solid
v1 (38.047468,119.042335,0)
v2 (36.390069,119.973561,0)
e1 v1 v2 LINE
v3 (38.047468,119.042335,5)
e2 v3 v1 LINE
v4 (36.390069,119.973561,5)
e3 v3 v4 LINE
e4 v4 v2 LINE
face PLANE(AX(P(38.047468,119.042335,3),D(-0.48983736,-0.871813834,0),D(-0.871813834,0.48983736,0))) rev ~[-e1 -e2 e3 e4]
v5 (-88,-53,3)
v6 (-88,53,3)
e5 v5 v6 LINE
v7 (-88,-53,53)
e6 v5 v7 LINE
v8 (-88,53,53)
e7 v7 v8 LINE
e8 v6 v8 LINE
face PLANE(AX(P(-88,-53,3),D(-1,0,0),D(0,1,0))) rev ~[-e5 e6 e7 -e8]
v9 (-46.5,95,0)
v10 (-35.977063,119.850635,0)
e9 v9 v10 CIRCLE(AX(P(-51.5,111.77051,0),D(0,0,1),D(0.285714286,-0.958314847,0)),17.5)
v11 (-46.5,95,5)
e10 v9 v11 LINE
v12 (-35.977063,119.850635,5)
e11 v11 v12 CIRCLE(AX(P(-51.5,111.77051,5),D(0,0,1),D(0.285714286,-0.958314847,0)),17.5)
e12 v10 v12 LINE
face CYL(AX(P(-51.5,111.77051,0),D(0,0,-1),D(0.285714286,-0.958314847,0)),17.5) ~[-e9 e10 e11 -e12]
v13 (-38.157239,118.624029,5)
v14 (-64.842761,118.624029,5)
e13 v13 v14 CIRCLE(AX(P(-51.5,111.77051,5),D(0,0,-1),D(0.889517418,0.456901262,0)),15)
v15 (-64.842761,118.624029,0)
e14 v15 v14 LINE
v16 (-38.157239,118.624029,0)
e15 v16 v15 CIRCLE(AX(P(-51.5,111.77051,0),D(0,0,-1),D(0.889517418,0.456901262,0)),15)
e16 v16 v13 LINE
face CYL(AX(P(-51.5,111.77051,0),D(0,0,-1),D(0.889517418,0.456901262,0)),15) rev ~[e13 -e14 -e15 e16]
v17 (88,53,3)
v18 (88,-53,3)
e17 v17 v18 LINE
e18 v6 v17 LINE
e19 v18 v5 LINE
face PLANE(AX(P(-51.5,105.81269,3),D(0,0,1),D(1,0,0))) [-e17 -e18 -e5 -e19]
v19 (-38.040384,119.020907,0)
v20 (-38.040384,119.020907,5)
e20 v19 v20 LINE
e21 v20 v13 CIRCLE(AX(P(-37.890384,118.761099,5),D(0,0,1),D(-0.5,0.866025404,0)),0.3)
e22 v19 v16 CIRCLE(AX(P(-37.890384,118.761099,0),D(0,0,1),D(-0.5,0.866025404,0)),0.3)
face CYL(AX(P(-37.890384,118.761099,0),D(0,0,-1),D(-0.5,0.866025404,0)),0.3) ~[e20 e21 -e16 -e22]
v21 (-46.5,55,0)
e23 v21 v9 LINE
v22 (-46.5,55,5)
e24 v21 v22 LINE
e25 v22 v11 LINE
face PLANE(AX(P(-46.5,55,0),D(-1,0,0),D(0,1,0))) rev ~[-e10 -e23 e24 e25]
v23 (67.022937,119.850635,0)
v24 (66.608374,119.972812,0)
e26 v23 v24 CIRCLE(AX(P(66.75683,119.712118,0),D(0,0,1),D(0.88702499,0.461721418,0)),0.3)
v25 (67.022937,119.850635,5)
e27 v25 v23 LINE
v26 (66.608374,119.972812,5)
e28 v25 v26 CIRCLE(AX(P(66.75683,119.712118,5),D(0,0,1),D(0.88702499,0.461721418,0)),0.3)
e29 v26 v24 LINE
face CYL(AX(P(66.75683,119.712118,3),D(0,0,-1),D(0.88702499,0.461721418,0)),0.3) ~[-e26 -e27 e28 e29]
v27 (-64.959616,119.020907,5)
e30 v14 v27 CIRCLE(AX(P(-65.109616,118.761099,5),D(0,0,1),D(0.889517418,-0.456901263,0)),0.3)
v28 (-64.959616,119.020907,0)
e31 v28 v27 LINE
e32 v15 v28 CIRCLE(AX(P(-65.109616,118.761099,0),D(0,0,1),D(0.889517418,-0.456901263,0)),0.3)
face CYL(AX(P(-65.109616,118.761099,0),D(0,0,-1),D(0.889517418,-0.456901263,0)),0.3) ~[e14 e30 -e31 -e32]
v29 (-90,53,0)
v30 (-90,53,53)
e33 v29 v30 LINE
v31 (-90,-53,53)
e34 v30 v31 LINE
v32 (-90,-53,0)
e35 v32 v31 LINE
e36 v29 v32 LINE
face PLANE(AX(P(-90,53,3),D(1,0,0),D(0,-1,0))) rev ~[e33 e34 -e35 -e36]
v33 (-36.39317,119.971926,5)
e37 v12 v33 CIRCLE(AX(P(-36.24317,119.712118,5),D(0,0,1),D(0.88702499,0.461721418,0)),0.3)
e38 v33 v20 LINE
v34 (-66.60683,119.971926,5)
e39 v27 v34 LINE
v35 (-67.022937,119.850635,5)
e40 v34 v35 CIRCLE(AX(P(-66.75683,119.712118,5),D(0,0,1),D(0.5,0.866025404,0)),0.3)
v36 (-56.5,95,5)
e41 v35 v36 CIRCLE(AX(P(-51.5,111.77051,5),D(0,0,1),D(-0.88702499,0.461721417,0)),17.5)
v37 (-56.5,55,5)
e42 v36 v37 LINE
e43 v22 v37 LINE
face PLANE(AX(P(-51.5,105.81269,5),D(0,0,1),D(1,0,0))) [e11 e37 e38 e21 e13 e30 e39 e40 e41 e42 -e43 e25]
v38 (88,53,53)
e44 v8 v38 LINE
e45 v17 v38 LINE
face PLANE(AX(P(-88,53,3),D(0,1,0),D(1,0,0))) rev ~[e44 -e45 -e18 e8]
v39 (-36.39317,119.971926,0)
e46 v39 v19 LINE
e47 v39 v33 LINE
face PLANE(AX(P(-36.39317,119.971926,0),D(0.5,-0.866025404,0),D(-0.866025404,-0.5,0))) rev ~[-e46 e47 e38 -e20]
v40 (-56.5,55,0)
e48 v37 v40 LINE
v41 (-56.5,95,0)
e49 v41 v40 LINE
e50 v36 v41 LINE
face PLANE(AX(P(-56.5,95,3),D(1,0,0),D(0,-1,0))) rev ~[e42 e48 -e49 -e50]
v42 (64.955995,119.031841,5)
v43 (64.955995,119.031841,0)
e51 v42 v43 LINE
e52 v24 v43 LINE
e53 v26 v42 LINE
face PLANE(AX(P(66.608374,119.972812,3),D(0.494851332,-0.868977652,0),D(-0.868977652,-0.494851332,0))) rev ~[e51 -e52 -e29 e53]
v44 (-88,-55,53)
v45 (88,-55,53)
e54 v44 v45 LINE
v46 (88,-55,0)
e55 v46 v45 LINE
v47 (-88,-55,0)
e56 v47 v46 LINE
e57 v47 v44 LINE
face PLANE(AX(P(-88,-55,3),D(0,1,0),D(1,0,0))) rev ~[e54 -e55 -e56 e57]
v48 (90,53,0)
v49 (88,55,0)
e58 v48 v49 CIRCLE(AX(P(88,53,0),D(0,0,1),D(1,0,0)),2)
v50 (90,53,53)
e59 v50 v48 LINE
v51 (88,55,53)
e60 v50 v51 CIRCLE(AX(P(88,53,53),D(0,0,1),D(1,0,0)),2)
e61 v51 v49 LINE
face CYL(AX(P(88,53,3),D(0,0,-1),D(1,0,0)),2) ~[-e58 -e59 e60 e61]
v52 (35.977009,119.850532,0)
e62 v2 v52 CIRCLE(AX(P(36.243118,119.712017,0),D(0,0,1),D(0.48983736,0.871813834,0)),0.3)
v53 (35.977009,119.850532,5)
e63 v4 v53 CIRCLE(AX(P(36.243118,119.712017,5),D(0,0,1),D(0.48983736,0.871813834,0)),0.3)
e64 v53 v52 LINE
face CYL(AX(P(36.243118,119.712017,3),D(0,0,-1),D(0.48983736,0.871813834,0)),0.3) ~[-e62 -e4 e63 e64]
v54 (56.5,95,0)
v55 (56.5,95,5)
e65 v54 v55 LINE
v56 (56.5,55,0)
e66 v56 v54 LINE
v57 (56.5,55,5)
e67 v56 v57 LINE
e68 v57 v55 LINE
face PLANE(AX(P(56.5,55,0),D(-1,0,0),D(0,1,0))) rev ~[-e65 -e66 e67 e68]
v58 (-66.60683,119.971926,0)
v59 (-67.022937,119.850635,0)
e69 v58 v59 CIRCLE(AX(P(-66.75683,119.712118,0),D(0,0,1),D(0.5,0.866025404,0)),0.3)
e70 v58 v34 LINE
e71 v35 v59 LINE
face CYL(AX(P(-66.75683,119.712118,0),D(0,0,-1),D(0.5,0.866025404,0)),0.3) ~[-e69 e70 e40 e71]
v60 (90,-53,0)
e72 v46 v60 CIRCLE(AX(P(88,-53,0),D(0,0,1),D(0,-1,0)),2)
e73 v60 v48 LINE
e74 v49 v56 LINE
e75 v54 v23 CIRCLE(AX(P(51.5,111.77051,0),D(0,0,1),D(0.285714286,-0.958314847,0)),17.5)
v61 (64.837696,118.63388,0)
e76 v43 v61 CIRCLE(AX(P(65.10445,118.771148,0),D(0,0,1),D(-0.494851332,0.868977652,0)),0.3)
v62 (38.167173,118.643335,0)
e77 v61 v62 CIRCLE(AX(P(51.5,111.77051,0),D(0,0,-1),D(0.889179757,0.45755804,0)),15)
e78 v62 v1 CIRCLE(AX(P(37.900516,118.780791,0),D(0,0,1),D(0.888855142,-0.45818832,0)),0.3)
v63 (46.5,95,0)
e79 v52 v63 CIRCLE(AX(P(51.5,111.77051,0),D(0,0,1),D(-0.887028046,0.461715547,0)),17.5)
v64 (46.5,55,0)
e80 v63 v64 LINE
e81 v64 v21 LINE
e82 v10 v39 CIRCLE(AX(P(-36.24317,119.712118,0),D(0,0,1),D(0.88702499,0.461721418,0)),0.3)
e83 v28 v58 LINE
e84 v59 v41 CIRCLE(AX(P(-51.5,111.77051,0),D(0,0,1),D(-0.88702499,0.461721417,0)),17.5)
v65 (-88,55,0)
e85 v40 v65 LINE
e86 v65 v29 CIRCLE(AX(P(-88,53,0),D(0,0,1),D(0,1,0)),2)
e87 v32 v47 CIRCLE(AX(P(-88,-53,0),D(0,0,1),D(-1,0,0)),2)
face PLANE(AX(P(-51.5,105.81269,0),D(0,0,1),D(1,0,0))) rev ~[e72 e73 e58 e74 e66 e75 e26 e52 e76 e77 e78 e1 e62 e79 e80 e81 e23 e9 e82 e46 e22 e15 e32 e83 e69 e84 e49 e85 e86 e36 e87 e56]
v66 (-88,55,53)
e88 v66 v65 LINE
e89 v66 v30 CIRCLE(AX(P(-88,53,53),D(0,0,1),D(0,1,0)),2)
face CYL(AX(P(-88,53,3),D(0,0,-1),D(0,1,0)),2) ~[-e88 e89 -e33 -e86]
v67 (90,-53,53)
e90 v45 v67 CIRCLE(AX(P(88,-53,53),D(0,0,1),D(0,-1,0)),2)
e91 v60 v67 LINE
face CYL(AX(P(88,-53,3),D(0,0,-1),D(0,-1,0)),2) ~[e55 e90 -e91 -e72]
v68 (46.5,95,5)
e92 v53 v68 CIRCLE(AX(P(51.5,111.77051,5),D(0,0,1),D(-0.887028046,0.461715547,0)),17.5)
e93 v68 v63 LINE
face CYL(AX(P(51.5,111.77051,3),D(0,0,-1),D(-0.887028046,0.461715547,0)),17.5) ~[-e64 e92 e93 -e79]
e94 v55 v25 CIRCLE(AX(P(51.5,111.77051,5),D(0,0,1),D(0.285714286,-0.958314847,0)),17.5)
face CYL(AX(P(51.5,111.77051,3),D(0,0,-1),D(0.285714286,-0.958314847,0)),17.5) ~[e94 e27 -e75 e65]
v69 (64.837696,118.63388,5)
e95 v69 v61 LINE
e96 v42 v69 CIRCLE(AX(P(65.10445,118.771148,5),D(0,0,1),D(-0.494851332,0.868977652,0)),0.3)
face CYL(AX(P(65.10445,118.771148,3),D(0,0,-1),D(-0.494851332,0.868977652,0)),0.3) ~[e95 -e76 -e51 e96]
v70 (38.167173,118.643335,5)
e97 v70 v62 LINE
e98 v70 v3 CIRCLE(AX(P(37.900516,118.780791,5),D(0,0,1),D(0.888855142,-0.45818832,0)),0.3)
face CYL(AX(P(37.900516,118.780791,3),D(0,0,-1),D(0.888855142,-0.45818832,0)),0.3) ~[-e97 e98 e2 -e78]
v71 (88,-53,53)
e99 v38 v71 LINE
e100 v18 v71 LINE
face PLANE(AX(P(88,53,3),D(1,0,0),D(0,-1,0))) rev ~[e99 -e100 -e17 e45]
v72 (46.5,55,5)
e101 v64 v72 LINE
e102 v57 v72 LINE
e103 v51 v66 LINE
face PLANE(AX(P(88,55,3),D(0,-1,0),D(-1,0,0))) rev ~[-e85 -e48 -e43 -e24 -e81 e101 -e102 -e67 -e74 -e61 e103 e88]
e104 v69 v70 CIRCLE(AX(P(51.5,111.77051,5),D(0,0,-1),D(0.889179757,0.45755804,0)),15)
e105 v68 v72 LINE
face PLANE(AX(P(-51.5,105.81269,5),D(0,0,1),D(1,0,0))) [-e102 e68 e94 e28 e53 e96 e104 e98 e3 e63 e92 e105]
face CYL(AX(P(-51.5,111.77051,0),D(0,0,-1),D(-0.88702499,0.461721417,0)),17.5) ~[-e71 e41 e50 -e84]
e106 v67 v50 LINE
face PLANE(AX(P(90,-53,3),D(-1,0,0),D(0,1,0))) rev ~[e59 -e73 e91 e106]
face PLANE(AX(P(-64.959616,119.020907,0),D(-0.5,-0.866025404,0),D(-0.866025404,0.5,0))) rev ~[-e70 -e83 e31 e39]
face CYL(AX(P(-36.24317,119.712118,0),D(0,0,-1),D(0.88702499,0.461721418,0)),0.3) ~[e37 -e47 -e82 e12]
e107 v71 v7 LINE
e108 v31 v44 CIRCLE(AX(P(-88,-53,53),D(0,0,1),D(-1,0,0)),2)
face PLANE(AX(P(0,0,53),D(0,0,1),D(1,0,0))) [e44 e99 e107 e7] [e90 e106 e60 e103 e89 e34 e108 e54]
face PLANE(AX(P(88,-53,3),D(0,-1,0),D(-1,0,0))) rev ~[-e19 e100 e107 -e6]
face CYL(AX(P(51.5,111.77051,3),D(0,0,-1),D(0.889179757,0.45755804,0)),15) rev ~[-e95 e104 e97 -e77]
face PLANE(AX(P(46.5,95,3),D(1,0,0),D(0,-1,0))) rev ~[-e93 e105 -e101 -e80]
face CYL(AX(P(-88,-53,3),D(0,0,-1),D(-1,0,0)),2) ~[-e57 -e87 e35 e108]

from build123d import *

# Parameters (mm, degrees)
F1_DEPTH      = 3
F3_DEPTH      = 50
F4_DEPTH      = 2
F5_R          = 65
F6_DEPTH      = 120.0131182079
F6_DEPTH_BACK = 70


with BuildPart() as f1:
    # F0 (on Top) → F1 (new body)
    with BuildSketch(Plane.XY):
        with BuildLine():
            ThreePointArc((-67.0229373247, 119.8506346331), (-67.6147835705, 104.9467461722), (-56.5, 95))
            ThreePointArc((-56.5, 95), (-51.5, 94.2705098312), (-46.5, 95))
            ThreePointArc((-46.5, 95), (-35.3852164295, 104.9467461722), (-35.9770626753, 119.8506346331))
            ThreePointArc((-35.9770626753, 119.8506346331), (-36.1592170528, 120.0001318772), (-36.3931701723, 119.971925829))
            Line((-36.3931701723, 119.971925829), (-38.0403835084, 119.020906766))
            ThreePointArc((-38.0403835084, 119.020906766), (-38.178168335, 118.8458333976), (-38.1572387337, 118.6240287662))
            ThreePointArc((-38.1572387337, 118.6240287662), (-51.5, 96.7705098312), (-64.8427612663, 118.6240287662))
            ThreePointArc((-64.8427612663, 118.6240287662), (-64.821831665, 118.8458333976), (-64.9596164916, 119.020906766))
            Line((-64.9596164916, 119.020906766), (-66.6068298277, 119.971925829))
            ThreePointArc((-66.6068298277, 119.971925829), (-66.8407829472, 120.0001318772), (-67.0229373247, 119.8506346331))
        make_face()
        with BuildLine():
            Line((-56.5, 95), (-56.5, 55))
            Line((-56.5, 55), (-46.5, 55))
            Line((-46.5, 55), (-46.5, 95))
            ThreePointArc((-46.5, 95), (-51.5, 94.2705098312), (-56.5, 95))
        make_face()
        with BuildLine():
            Line((46.5, 55), (56.5, 55))
            Line((56.5, 55), (56.5, 95))
            ThreePointArc((56.5, 95), (51.5, 94.2705098312), (46.5, 95))
            Line((46.5, 95), (46.5, 55))
        make_face()
        with BuildLine():
            Line((-88, -55), (88, -55))
            ThreePointArc((88, -55), (89.4142135624, -54.4142135624), (90, -53))
            Line((90, -53), (90, 53))
            ThreePointArc((90, 53), (89.4142135624, 54.4142135624), (88, 55))
            Line((88, 55), (56.5, 55))
            Line((56.5, 55), (46.5, 55))
            Line((46.5, 55), (-46.5, 55))
            Line((-46.5, 55), (-56.5, 55))
            Line((-56.5, 55), (-88, 55))
            ThreePointArc((-88, 55), (-89.4142135624, 54.4142135624), (-90, 53))
            Line((-90, 53), (-90, -53))
            ThreePointArc((-90, -53), (-89.4142135624, -54.4142135624), (-88, -55))
        make_face()
        with BuildLine():
            ThreePointArc((46.5, 95), (51.5, 94.2705098312), (56.5, 95))
            ThreePointArc((56.5, 95), (67.6147835705, 104.9467461722), (67.0229373247, 119.8506346331))
            ThreePointArc((67.0229373247, 119.8506346331), (66.8416372621, 119.999881477), (66.6083744282, 119.9728115034))
            Line((66.6083744282, 119.9728115034), (64.9559948815, 119.031841137))
            ThreePointArc((64.9559948815, 119.031841137), (64.8168865883, 118.8566295505), (64.837696354, 118.6338804295))
            ThreePointArc((64.837696354, 118.6338804295), (51.494682782, 96.7705107737), (38.1671728693, 118.6433346293))
            ThreePointArc((38.1671728693, 118.6433346293), (38.1878631933, 118.8669988874), (38.0474675348, 119.0423352753))
            Line((38.0474675348, 119.0423352753), (36.3900688241, 119.9735613901))
            ThreePointArc((36.3900688241, 119.9735613901), (36.157480746, 119.9995347637), (35.9770092024, 119.8505319041))
            ThreePointArc((35.9770092024, 119.8505319041), (35.385239009, 104.9466928494), (46.5, 95))
        make_face()
    extrude(amount=F1_DEPTH)

    # F2 (on face) → F3 (join)
    with BuildSketch(Plane.XY.offset(3)):
        with BuildLine():
            Line((-46.5, 55), (-56.5, 55))
            Line((-56.5, 55), (-88, 55))
            ThreePointArc((-88, 55), (-89.4142135624, 54.4142135624), (-90, 53))
            Line((-90, 53), (-90, -53))
            ThreePointArc((-90, -53), (-89.4142135624, -54.4142135624), (-88, -55))
            Line((-88, -55), (88, -55))
            ThreePointArc((88, -55), (89.4142135624, -54.4142135624), (90, -53))
            Line((90, -53), (90, 53))
            ThreePointArc((90, 53), (89.4142135624, 54.4142135624), (88, 55))
            Line((88, 55), (56.5, 55))
            Line((56.5, 55), (46.5, 55))
            Line((46.5, 55), (-46.5, 55))
        make_face()
        Polygon((-88, 53), (-56.5, 53), (-46.5, 53), (46.5, 53), (56.5, 53), (88, 53), (88, -53), (-88, -53), align=None, mode=Mode.SUBTRACT)
    extrude(amount=F3_DEPTH)

    # F4 (add): faces of the model
    f4_faces = [f1.faces().sort_by_distance(p)[0] for p in [
        (51.4996732425, 83.726401448, 3),
        (-51.5, 83.7238009637, 3),
    ]]
    extrude(f4_faces, amount=F4_DEPTH)

    # F5 (on Front) → F6 (cut, two sides)
    with BuildSketch(Plane.XZ) as f6_sk:
        with Locations((0, 185)):
            Circle(F5_R)
    extrude(amount=-F6_DEPTH, mode=Mode.SUBTRACT)
    extrude(f6_sk.sketch, amount=F6_DEPTH_BACK, mode=Mode.SUBTRACT)


solid = f1.part
